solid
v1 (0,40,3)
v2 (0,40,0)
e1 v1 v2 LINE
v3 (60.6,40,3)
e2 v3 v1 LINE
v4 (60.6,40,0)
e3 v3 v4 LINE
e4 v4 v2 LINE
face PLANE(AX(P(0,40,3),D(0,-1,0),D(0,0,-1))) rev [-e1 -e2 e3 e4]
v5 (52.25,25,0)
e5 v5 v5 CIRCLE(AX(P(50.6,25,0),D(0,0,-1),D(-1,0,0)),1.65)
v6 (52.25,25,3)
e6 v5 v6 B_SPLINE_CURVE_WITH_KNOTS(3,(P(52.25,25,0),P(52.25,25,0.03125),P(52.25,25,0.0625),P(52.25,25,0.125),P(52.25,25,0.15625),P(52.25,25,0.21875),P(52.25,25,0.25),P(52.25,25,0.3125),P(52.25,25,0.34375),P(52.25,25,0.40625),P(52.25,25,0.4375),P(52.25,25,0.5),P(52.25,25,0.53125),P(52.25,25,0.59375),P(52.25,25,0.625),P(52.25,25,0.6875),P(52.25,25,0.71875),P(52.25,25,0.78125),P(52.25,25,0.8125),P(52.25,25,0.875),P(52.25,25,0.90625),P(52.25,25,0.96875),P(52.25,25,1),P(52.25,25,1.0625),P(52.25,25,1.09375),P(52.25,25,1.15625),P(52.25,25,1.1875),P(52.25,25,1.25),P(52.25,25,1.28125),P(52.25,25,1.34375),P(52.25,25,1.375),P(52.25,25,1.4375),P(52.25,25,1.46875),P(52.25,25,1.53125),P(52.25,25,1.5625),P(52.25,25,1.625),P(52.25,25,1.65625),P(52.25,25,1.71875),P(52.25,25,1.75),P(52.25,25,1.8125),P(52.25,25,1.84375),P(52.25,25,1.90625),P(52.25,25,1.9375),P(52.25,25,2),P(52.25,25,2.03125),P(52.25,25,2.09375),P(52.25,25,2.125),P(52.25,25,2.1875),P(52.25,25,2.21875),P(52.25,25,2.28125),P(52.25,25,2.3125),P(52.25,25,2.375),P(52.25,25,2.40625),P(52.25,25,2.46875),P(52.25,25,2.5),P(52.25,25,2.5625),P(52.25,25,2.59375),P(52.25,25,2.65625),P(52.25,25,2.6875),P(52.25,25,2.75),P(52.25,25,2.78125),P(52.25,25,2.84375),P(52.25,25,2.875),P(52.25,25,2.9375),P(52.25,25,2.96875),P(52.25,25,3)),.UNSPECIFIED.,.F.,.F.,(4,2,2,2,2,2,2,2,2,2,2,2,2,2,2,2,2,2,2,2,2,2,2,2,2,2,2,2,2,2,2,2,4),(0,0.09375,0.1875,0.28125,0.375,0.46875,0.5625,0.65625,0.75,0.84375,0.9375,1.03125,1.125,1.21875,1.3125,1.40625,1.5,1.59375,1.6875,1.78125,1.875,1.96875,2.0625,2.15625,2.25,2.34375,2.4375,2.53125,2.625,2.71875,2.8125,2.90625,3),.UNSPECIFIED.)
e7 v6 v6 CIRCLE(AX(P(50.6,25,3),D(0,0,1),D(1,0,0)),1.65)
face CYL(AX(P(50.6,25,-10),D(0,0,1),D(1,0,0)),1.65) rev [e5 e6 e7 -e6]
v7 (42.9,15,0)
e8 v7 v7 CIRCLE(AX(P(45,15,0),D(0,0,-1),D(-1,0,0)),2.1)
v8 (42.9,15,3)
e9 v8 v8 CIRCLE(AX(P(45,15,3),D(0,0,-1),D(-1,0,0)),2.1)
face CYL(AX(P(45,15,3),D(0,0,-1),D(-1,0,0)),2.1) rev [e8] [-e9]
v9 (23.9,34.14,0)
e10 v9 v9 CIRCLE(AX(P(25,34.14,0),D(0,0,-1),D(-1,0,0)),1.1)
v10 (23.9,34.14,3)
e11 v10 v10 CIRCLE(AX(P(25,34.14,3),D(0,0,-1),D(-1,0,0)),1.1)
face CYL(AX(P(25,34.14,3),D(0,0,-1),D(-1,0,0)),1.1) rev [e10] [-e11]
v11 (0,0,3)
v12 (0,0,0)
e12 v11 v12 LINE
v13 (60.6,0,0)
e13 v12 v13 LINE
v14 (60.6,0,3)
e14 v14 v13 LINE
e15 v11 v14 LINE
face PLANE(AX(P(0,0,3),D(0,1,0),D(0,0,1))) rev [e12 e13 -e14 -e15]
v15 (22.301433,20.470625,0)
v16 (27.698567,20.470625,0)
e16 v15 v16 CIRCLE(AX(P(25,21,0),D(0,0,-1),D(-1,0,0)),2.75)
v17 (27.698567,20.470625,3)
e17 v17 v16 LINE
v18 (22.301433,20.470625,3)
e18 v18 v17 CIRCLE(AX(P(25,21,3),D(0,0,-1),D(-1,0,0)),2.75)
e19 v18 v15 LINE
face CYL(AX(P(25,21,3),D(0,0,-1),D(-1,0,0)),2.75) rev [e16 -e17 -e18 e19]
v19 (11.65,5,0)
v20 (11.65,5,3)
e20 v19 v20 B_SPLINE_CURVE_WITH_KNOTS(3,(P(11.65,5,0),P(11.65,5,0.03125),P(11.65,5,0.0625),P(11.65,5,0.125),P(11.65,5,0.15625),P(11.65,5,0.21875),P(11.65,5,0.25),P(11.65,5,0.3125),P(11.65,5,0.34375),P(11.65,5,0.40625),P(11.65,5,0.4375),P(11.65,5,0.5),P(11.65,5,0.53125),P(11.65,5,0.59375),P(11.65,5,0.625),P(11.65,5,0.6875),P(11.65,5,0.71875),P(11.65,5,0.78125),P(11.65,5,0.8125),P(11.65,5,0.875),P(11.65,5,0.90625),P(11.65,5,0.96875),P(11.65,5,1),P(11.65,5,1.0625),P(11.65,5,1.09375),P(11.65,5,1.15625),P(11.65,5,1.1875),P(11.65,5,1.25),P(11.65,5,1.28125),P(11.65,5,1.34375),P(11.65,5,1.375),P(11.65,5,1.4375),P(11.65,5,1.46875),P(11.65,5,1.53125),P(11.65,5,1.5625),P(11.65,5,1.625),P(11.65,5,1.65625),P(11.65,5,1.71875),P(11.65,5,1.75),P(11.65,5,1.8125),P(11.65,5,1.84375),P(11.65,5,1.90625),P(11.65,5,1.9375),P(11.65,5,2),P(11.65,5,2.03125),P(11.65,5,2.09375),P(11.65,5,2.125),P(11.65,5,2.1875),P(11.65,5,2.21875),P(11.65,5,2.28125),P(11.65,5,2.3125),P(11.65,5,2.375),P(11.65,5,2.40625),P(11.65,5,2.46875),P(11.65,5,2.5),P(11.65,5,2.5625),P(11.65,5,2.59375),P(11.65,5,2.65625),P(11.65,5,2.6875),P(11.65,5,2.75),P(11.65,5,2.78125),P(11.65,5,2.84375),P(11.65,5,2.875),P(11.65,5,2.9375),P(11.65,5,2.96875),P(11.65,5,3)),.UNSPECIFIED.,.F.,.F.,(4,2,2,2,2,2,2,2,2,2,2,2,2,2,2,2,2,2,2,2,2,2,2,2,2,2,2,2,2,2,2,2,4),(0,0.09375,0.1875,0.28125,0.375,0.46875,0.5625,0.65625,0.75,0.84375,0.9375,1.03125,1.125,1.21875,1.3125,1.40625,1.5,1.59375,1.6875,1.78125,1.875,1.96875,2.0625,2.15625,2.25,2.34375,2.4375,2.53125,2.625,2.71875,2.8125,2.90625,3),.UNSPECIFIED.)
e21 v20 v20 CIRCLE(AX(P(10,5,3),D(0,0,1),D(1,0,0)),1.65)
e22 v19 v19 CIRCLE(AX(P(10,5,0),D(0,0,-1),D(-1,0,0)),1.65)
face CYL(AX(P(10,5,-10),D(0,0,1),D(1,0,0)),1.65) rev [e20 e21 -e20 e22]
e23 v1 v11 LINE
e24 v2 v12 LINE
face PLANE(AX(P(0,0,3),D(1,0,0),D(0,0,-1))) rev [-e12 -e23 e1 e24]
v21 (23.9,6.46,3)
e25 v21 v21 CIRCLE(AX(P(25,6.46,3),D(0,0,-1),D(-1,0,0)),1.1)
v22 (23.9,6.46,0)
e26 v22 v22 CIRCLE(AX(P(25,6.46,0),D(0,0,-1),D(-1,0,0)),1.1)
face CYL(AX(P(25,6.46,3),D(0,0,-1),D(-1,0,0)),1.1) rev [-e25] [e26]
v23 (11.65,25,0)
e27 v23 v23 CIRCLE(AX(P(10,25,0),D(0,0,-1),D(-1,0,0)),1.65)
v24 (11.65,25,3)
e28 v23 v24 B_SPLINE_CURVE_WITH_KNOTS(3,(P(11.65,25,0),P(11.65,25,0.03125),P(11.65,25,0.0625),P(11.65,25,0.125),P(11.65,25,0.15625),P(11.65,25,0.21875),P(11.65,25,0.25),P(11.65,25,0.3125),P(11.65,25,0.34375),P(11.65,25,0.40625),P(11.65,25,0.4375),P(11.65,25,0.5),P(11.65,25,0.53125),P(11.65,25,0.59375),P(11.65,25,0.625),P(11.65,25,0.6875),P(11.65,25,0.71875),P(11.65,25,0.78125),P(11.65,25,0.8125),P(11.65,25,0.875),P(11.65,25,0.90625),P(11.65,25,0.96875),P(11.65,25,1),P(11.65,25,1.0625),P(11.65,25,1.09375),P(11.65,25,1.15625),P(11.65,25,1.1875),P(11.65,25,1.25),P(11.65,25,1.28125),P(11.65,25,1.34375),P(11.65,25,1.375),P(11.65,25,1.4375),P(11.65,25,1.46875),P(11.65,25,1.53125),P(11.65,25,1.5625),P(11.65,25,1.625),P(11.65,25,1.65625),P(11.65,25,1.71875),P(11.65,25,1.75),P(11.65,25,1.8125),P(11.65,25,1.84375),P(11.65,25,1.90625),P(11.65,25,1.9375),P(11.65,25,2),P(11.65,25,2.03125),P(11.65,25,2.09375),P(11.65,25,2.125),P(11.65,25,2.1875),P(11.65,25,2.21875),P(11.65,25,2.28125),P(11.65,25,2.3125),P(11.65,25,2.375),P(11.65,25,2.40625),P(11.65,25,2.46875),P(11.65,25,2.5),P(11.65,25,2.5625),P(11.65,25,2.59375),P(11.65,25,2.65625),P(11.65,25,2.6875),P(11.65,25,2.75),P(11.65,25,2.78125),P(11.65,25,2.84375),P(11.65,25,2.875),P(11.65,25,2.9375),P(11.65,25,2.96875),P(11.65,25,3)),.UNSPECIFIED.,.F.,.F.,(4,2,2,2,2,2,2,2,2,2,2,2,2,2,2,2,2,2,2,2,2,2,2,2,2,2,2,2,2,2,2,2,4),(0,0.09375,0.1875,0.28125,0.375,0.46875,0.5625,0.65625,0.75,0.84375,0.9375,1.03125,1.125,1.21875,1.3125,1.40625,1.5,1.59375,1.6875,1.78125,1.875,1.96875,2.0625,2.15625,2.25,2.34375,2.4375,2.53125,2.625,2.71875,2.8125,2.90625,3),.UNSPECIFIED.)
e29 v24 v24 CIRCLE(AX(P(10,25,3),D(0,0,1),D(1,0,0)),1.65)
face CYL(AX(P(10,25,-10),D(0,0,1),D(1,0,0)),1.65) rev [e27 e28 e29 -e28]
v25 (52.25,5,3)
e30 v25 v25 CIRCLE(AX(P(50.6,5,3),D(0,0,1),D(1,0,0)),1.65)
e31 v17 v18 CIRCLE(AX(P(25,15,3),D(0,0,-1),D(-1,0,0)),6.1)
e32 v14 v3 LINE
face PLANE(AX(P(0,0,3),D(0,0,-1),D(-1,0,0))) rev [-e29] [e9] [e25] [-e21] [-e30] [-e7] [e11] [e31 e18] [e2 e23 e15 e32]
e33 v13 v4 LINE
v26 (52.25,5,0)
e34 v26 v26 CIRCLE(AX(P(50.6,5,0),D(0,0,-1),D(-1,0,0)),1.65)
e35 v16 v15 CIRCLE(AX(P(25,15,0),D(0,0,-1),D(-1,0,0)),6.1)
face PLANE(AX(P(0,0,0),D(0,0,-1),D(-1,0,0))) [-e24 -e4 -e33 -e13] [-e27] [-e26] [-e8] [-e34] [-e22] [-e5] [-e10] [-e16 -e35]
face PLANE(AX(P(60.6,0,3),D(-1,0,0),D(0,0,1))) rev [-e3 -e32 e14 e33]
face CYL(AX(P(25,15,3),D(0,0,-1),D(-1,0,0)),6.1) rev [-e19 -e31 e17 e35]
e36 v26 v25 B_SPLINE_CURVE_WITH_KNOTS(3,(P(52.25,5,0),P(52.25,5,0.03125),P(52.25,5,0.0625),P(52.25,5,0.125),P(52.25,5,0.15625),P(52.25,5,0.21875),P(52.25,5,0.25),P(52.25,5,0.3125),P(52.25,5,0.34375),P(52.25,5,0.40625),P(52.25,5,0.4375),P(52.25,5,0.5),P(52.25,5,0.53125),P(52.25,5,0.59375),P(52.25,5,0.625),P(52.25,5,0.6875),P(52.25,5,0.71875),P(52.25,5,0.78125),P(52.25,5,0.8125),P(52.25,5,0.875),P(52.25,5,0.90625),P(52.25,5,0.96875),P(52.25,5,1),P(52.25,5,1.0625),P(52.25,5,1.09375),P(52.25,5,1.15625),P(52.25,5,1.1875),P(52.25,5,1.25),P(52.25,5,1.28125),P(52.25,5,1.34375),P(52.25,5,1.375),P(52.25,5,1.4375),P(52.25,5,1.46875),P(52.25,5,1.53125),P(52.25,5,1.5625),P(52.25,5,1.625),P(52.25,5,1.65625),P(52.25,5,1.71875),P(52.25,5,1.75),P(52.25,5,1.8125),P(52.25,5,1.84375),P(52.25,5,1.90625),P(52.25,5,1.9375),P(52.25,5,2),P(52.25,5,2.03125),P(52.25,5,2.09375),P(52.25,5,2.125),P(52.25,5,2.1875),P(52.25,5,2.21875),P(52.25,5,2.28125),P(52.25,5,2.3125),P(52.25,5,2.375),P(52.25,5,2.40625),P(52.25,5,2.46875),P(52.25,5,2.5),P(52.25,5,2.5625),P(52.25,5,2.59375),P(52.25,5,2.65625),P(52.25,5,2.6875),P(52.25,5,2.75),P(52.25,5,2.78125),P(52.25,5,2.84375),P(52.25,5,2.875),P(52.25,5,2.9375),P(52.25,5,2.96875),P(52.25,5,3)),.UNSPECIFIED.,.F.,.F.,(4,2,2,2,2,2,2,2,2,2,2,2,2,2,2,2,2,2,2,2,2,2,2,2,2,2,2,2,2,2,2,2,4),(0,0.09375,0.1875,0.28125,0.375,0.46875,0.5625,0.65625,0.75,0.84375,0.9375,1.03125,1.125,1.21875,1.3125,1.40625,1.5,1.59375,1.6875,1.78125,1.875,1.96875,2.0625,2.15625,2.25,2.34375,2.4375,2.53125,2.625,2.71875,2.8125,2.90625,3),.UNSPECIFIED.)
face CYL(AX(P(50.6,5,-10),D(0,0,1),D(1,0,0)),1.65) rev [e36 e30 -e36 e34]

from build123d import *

# Parameters (mm, degrees)
SKETCH_1_W          = 60.6
SKETCH_1_H          = 40
EXTRUDE_1_DEPTH     = 3
SKETCH_2_R          = 2.75
SKETCH_2_R_2        = 6.1
SKETCH_2_R_3        = 1.1
SKETCH_2_R_4        = 2.1
CUT_EXTRUDE_1_DEPTH = 73.672966088
SKETCH_3_R          = 1.65
CUT_EXTRUDE_2_DEPTH = 13


with BuildPart() as part:
    # 草图1 → 凸台-拉伸1 (new body)
    with BuildSketch(Plane.XY):
        with Locations((30.3, 20)):
            Rectangle(SKETCH_1_W, SKETCH_1_H)
    extrude(amount=EXTRUDE_1_DEPTH)

    # 草图2 → 切除-拉伸1 (cut, through all)
    with BuildSketch(Plane(origin=(0, 0, 0), x_dir=(-1, 0, 0), z_dir=(0, 0, -1))):
        with Locations((-25, 21)):
            Circle(SKETCH_2_R)
        with Locations((-25, 15)):
            Circle(SKETCH_2_R_2)
        with Locations((-25, 6.46)):
            Circle(SKETCH_2_R_3)
        with Locations((-25, 34.14)):
            Circle(SKETCH_2_R_3)
        with Locations((-45, 15)):
            Circle(SKETCH_2_R_4)
    extrude(amount=-CUT_EXTRUDE_1_DEPTH, mode=Mode.SUBTRACT)

    # 草图3 → 切除-拉伸2 (cut)
    with BuildSketch(Plane.XY.offset(3)):
        with Locations((50.6, 5)):
            Circle(SKETCH_3_R)
        with Locations((50.6, 25)):
            Circle(SKETCH_3_R)
        with Locations((10, 25)):
            Circle(SKETCH_3_R)
        with Locations((10, 5)):
            Circle(SKETCH_3_R)
    extrude(amount=-CUT_EXTRUDE_2_DEPTH, mode=Mode.SUBTRACT)


solid = part.part
